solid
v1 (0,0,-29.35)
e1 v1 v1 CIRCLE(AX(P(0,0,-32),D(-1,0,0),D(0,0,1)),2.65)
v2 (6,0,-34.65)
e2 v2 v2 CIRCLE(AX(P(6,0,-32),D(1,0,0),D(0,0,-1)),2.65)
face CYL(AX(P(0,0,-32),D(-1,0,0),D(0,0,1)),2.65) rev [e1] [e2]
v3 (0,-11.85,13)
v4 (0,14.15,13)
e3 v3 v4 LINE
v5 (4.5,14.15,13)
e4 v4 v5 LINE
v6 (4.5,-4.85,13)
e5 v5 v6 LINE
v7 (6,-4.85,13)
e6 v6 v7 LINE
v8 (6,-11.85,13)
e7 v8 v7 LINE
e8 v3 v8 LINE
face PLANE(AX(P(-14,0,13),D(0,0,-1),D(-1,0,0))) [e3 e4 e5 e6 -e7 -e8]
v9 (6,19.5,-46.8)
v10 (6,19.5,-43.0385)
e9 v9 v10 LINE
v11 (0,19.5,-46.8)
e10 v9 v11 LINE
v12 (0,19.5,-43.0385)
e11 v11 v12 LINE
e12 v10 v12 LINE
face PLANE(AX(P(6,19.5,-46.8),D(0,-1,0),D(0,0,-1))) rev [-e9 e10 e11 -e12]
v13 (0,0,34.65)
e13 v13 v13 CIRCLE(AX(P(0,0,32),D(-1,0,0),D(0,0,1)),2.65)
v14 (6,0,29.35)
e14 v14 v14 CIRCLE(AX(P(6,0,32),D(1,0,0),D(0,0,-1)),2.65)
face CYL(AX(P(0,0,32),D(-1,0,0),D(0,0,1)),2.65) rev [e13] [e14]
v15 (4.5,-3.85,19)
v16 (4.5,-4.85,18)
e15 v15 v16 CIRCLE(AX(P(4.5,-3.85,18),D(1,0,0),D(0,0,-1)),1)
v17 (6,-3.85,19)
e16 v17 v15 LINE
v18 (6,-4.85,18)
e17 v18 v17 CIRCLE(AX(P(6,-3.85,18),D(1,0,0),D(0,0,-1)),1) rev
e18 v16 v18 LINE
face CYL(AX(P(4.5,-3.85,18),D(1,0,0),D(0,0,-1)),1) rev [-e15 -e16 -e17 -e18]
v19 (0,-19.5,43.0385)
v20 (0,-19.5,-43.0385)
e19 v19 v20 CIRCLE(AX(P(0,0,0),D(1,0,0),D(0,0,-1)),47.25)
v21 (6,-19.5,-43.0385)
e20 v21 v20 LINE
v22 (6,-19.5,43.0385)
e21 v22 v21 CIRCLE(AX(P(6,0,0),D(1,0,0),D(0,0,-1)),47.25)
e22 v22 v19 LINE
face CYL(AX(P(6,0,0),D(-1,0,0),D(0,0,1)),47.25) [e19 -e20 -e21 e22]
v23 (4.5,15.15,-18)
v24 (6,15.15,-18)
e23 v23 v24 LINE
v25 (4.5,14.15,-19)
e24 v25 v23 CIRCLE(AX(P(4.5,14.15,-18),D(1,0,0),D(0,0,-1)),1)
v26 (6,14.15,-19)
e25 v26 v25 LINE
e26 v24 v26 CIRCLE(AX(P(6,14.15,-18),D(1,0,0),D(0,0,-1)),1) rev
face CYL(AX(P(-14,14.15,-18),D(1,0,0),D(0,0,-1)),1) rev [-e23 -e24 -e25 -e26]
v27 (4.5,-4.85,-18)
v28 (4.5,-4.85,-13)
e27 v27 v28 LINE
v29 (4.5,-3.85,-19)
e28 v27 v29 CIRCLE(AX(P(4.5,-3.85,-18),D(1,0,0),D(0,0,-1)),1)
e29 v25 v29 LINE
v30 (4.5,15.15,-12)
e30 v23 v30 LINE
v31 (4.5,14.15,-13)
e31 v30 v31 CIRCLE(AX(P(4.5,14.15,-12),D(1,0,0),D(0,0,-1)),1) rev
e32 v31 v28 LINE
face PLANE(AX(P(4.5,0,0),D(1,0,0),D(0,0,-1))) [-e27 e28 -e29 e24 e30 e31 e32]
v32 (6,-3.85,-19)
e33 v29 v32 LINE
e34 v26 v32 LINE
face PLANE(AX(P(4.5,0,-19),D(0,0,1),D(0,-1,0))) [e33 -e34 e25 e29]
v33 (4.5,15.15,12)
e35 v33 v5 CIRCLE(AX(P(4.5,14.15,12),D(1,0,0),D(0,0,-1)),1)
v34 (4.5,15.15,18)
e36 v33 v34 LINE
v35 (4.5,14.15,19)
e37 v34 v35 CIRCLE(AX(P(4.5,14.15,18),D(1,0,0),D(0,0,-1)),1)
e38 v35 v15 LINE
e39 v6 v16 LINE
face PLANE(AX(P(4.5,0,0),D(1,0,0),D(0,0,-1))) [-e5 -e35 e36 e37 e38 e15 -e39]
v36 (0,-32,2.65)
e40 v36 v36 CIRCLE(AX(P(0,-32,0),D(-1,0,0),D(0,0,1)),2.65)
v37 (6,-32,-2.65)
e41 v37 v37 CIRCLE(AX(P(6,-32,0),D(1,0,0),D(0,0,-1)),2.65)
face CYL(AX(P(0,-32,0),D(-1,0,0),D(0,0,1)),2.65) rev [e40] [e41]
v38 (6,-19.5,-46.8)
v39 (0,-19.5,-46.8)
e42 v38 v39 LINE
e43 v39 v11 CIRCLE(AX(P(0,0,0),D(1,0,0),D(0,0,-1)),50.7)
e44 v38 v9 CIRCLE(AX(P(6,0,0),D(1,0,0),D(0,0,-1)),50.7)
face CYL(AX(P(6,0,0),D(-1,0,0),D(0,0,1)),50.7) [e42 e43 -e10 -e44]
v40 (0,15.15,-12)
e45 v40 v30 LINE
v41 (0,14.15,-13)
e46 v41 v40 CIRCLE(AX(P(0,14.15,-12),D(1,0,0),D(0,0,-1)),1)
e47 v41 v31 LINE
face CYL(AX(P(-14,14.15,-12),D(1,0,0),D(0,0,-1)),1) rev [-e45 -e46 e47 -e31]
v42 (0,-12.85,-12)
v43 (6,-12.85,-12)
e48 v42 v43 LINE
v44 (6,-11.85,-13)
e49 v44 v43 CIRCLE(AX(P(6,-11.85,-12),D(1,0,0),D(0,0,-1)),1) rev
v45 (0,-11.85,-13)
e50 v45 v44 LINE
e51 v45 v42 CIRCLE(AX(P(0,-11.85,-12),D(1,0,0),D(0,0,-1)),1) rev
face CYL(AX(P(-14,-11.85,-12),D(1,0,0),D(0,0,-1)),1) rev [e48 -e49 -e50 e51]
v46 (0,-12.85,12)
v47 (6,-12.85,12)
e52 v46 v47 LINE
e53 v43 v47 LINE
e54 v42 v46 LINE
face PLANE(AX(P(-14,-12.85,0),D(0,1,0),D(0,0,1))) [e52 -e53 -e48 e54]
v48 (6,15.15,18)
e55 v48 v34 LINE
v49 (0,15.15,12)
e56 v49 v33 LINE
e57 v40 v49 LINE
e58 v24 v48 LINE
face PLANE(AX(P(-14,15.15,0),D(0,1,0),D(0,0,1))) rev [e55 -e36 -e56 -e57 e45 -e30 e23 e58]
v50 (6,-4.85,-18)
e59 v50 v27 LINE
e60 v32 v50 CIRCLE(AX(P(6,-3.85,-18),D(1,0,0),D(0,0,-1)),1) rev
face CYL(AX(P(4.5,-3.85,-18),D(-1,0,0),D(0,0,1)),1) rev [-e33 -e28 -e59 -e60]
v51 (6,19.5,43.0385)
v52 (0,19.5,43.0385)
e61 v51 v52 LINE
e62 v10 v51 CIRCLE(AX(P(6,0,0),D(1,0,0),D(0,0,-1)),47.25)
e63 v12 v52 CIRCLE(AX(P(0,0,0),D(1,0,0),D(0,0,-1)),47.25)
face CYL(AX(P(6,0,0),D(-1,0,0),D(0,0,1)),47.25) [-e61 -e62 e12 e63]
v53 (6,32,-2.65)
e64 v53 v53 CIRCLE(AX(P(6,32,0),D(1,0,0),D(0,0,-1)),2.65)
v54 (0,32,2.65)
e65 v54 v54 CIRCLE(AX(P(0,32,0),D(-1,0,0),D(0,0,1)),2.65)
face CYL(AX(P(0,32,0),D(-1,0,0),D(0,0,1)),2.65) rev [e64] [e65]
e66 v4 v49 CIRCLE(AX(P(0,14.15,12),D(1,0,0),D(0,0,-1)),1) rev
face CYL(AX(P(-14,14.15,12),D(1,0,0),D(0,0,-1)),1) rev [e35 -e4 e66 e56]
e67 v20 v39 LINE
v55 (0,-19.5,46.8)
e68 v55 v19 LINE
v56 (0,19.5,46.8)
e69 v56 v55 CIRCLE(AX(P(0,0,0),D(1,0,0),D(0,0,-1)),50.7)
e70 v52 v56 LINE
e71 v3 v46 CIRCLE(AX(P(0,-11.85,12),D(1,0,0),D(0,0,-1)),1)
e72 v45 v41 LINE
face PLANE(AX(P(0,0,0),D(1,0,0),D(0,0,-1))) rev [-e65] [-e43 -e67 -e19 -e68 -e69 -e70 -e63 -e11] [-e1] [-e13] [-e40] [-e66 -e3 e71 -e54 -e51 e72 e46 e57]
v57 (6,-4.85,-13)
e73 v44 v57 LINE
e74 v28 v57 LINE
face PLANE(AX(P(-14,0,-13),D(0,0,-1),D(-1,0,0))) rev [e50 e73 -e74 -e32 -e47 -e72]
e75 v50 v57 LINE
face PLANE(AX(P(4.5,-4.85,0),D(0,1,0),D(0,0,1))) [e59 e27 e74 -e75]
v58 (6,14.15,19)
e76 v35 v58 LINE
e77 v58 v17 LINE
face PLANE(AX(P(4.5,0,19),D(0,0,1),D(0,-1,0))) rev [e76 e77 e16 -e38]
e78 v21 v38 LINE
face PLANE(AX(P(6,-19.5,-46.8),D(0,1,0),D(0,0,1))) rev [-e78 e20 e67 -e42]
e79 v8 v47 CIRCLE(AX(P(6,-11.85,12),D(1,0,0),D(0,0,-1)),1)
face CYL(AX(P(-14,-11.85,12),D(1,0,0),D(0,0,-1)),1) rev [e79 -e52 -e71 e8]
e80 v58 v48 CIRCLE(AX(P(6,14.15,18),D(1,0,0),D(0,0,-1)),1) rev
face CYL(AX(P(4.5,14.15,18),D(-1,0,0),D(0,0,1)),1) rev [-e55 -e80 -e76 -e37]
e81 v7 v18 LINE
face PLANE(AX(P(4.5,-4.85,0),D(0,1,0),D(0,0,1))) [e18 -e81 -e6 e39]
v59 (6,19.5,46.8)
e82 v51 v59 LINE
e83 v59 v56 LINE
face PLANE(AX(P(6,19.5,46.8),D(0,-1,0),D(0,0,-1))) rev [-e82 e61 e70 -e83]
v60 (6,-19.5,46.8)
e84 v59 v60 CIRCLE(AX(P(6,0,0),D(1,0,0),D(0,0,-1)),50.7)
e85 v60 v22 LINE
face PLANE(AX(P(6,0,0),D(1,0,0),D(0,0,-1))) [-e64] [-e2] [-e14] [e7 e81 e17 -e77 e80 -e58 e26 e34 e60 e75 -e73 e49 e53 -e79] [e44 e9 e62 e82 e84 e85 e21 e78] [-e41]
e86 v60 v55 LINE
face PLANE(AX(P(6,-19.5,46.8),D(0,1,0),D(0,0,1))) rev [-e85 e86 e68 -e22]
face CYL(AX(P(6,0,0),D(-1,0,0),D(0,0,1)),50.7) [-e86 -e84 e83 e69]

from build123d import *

# Parameters (mm, degrees)
BOSS_EXTRUDE1_DEPTH      = 6
CUT_EXTRUDE1_DEPTH       = 20
M5_CLEARANCE_HOLE1_D     = 5.3
M5_CLEARANCE_HOLE1_DEPTH = 15
M5_CLEARANCE_HOLE1_TIP   = 1.59228064
CUT_EXTRUDE2_DEPTH       = 1.5
FILLET1_R                = 1


with BuildPart() as part:
    # Sketch1 → Boss-Extrude1 (new body)
    with BuildSketch(Plane(origin=(0, 0, 0), x_dir=(0, 0, -1), z_dir=(1, 0, 0))):
        with BuildLine():
            Line((-46.8, 19.5), (-43.038500206, 19.5))
            ThreePointArc((-43.038500206, 19.5), (0, 47.25), (43.038500206, 19.5))
            Line((43.038500206, 19.5), (46.8, 19.5))
            ThreePointArc((46.8, 19.5), (50.7, 0), (46.8, -19.5))
            Line((46.8, -19.5), (43.038500206, -19.5))
            ThreePointArc((43.038500206, -19.5), (0, -47.25), (-43.038500206, -19.5))
            Line((-43.038500206, -19.5), (-46.8, -19.5))
            ThreePointArc((-46.8, -19.5), (-50.7, 0), (-46.8, 19.5))
        make_face()
    extrude(amount=BOSS_EXTRUDE1_DEPTH)

    # Sketch2 → Cut-Extrude1 (cut)
    with BuildSketch(Plane(origin=(6, 0, 0), x_dir=(0, 0, -1), z_dir=(1, 0, 0))):
        with BuildLine():
            ThreePointArc((12, -11.85), (12.707106781, -11.557106781), (13, -10.85))
            Line((13, -10.85), (13, -3.85))
            Line((13, -3.85), (13, 14.15))
            ThreePointArc((13, 14.15), (12.707106781, 14.857106781), (12, 15.15))
            Line((12, 15.15), (-12, 15.15))
            ThreePointArc((-12, 15.15), (-12.707106781, 14.857106781), (-13, 14.15))
            Line((-13, 14.15), (-13, -3.85))
            Line((-13, -3.85), (-13, -10.85))
            ThreePointArc((-13, -10.85), (-12.707106781, -11.557106781), (-12, -11.85))
            Line((-12, -11.85), (12, -11.85))
        make_face()
        with BuildLine():
            Line((-12, -12.85), (12, -12.85))
            ThreePointArc((12, -12.85), (12.707106781, -12.557106781), (13, -11.85))
            Line((13, -11.85), (13, -10.85))
            ThreePointArc((13, -10.85), (12.707106781, -11.557106781), (12, -11.85))
            Line((12, -11.85), (-12, -11.85))
            ThreePointArc((-12, -11.85), (-12.707106781, -11.557106781), (-13, -10.85))
            Line((-13, -10.85), (-13, -11.85))
            ThreePointArc((-13, -11.85), (-12.707106781, -12.557106781), (-12, -12.85))
        make_face()
    extrude(amount=-CUT_EXTRUDE1_DEPTH, mode=Mode.SUBTRACT)

    # M5 Clearance Hole1
    with Locations(Plane.ZY):
        with Locations((-32, 0), (0, 32), (32, 0), (0, -32)):
            Hole(M5_CLEARANCE_HOLE1_D / 2, depth=M5_CLEARANCE_HOLE1_DEPTH)
            with Locations((0, 0, -(M5_CLEARANCE_HOLE1_DEPTH + M5_CLEARANCE_HOLE1_TIP / 2))):  # 118° drill point
                Cone(0, M5_CLEARANCE_HOLE1_D / 2, M5_CLEARANCE_HOLE1_TIP, mode=Mode.SUBTRACT)

    # Sketch16 → Cut-Extrude2 (cut)
    with BuildSketch(Plane(origin=(6, 0, 0), x_dir=(0, 0, -1), z_dir=(1, 0, 0))):
        with BuildLine():
            ThreePointArc((-13, 14.15), (-12.707106781, 14.857106781), (-12, 15.15))
            Line((-12, 15.15), (-19, 15.15))
            Line((-19, 15.15), (-19, -4.85))
            Line((-19, -4.85), (-13, -4.85))
            Line((-13, -4.85), (-13, 14.15))
        make_face()
        with BuildLine():
            Line((0, -4.85), (0, 15.15))
            Line((0, 15.15), (-12, 15.15))
            ThreePointArc((-12, 15.15), (-12.707106781, 14.857106781), (-13, 14.15))
            Line((-13, 14.15), (-13, -4.85))
            Line((-13, -4.85), (0, -4.85))
        make_face()
        with BuildLine():
            ThreePointArc((13, 14.15), (12.707106781, 14.857106781), (12, 15.15))
            Line((12, 15.15), (0, 15.15))
            Line((0, 15.15), (0, -4.85))
            Line((0, -4.85), (13, -4.85))
            Line((13, -4.85), (13, 14.15))
        make_face()
        with BuildLine():
            Line((19, -4.85), (19, 15.15))
            Line((19, 15.15), (12, 15.15))
            ThreePointArc((12, 15.15), (12.707106781, 14.857106781), (13, 14.15))
            Line((13, 14.15), (13, -4.85))
            Line((13, -4.85), (19, -4.85))
        make_face()
    extrude(amount=-CUT_EXTRUDE2_DEPTH, mode=Mode.SUBTRACT)

    # Fillet1
    fillet1_edges = [part.edges().sort_by_distance(p)[0] for p in [
        (5.25, 15.15, 19),
        (5.25, -4.85, -19),
        (5.25, -4.85, 19),
        (5.25, 15.15, -19),
    ]]
    fillet(fillet1_edges, radius=FILLET1_R)


solid = part.part
